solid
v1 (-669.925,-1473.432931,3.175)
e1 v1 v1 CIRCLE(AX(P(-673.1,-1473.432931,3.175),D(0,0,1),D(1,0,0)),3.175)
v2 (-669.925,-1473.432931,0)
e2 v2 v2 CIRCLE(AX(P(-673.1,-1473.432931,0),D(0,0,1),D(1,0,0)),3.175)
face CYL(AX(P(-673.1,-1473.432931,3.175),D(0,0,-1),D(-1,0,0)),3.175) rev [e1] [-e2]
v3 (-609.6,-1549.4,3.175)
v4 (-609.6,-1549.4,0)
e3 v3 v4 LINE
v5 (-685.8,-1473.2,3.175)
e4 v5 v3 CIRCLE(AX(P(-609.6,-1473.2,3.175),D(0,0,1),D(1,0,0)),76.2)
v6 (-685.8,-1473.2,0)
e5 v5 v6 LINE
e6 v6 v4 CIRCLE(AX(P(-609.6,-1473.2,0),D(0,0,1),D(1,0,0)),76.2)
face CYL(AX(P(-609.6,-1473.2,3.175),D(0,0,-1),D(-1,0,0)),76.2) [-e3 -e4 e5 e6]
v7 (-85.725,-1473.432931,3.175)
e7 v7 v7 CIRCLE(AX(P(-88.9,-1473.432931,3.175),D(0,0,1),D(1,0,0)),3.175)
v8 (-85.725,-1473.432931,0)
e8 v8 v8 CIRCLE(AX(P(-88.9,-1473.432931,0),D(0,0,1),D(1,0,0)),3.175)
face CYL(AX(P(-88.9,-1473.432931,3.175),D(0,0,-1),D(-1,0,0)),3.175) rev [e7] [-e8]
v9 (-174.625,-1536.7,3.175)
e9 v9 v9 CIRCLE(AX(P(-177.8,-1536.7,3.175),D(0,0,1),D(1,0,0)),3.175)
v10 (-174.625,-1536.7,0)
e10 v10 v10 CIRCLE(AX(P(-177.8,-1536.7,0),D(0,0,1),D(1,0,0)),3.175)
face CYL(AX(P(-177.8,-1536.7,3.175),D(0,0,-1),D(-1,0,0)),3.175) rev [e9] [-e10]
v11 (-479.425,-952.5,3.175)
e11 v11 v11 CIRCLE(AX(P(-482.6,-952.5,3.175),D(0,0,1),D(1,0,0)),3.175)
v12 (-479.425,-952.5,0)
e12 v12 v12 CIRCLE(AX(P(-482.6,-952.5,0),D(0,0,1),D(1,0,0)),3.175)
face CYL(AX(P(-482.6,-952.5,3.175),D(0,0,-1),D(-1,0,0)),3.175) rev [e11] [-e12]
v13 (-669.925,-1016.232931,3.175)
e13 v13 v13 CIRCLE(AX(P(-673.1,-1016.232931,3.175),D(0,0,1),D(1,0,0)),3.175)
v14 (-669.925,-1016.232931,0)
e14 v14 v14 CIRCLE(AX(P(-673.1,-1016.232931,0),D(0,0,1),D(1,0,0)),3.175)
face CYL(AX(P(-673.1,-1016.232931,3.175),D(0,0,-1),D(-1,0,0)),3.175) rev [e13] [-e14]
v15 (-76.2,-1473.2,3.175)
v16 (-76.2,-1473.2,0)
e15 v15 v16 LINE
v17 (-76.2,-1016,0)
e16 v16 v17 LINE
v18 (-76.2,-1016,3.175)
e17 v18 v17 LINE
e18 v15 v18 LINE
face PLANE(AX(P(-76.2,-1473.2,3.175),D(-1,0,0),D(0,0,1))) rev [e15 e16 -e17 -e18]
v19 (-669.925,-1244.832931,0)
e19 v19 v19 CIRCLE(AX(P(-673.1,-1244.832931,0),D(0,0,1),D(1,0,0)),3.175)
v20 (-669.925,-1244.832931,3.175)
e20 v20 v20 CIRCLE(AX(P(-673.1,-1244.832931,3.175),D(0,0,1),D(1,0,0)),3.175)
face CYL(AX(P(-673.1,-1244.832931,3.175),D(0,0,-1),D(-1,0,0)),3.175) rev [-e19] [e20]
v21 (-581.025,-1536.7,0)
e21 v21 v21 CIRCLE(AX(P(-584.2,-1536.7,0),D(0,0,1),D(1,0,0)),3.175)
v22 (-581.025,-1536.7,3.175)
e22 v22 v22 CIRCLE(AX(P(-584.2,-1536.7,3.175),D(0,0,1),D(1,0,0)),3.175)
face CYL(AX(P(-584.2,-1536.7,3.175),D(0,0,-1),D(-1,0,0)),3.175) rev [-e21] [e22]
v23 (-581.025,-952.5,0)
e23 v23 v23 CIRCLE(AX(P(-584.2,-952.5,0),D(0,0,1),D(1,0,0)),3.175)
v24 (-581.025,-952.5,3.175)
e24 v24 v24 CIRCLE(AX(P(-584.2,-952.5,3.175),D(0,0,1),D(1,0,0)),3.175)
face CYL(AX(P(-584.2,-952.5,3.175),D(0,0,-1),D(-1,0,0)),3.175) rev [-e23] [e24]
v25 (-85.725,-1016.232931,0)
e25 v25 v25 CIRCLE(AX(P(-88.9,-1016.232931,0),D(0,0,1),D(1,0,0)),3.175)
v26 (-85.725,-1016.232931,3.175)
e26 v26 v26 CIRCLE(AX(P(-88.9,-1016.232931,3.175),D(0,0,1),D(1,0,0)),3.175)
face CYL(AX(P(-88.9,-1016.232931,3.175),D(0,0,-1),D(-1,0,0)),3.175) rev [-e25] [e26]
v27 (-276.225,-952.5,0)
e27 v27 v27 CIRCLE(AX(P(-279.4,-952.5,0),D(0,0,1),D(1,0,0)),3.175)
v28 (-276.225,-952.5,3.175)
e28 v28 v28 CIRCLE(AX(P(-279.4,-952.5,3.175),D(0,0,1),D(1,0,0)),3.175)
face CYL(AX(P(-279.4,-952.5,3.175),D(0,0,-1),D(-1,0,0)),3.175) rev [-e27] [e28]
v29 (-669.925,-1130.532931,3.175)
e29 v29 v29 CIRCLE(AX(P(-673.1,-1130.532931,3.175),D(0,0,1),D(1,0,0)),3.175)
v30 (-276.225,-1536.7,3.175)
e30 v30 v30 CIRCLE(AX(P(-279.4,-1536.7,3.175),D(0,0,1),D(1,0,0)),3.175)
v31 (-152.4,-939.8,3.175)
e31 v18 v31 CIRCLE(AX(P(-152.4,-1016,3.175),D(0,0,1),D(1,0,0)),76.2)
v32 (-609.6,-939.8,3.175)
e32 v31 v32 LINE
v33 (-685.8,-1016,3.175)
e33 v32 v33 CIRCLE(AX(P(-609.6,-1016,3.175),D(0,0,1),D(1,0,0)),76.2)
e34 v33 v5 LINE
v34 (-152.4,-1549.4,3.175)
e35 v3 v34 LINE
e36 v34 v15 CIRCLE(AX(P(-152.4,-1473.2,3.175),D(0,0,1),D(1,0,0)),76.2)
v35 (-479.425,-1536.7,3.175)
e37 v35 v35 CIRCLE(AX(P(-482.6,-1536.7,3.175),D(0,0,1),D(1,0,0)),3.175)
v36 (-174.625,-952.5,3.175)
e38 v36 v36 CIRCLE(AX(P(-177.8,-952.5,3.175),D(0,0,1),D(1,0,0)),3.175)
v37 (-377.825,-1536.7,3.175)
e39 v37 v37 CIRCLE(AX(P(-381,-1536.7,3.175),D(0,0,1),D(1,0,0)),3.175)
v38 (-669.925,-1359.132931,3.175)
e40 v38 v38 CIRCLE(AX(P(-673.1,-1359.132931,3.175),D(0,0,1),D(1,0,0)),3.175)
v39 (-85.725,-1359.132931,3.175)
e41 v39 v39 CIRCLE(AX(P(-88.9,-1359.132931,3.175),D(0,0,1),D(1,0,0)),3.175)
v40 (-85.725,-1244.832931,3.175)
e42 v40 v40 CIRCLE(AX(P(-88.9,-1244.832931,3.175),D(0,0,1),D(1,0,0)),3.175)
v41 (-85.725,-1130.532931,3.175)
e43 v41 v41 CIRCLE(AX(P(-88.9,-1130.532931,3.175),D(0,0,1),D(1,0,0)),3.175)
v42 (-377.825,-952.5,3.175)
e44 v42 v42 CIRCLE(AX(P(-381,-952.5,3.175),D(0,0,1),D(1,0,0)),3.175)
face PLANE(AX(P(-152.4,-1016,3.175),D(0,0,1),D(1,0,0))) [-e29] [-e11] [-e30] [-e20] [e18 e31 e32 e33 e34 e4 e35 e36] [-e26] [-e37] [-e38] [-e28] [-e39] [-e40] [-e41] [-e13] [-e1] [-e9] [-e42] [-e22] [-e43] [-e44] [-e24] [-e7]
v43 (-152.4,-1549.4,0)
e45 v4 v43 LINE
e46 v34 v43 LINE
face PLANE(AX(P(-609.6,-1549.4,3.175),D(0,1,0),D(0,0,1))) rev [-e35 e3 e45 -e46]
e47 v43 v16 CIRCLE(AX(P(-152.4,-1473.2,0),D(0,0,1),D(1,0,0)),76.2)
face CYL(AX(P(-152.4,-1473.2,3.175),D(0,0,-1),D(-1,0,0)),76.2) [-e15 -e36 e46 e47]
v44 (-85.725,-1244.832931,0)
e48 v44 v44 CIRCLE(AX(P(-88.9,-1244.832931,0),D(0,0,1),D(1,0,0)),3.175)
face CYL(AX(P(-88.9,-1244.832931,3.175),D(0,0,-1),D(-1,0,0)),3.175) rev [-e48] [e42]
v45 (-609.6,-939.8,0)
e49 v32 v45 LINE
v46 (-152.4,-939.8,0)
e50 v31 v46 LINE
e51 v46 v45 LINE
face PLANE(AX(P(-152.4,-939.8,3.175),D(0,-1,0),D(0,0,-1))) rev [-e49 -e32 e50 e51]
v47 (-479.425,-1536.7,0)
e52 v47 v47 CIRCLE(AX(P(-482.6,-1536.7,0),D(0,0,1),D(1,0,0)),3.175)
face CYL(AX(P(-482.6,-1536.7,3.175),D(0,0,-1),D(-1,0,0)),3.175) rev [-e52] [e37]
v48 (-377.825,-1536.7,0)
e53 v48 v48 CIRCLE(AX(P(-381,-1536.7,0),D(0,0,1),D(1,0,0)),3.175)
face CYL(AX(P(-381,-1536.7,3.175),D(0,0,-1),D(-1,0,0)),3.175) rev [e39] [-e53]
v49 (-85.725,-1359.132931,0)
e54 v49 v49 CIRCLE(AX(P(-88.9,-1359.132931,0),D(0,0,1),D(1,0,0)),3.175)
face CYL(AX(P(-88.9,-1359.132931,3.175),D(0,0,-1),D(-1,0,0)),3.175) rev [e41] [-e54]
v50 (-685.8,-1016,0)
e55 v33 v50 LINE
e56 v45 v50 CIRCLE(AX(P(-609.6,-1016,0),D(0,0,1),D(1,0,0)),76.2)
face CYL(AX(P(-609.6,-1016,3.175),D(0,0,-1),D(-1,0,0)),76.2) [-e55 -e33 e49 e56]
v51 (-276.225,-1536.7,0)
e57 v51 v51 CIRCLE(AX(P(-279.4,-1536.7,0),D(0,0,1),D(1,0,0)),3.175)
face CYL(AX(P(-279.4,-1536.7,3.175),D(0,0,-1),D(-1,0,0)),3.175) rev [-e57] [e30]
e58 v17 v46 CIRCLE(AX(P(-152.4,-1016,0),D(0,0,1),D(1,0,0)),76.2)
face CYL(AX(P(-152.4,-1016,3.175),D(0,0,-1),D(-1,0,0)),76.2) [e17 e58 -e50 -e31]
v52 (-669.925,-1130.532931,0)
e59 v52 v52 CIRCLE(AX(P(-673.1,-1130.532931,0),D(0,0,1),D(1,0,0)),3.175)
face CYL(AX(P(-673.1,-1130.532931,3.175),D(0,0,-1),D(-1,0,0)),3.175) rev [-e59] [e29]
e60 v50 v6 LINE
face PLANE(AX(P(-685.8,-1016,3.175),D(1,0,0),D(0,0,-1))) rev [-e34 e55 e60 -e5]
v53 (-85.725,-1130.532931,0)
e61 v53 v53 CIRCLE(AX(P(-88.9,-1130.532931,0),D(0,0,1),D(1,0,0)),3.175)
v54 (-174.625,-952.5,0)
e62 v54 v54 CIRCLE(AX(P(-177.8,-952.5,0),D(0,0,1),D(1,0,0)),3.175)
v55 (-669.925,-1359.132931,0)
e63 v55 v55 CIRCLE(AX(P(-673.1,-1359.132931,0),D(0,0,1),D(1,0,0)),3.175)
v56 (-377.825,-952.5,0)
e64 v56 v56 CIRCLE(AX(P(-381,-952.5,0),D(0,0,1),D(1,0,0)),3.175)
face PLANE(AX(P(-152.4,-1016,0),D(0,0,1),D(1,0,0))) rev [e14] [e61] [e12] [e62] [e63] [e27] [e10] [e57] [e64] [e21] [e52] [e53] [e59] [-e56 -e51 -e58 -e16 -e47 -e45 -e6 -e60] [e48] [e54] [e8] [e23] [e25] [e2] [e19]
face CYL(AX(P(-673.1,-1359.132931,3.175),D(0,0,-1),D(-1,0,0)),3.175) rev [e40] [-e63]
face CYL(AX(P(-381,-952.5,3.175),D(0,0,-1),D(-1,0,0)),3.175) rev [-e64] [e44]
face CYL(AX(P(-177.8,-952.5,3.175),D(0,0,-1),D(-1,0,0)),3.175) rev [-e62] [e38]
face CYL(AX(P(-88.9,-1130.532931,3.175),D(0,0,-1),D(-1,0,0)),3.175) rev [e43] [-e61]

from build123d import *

# Parameters (mm, degrees)
MODEL_R             = 3.175
BOSS_EXTRUDE1_DEPTH = 3.175


with BuildPart() as part:
    # Model → Boss-Extrude1 (new body)
    with BuildSketch(Plane.XY):
        with BuildLine():
            Line((-152.4, -939.8), (-609.6, -939.8))
            ThreePointArc((-609.6, -939.8), (-663.481536726, -962.118463274), (-685.8, -1016))
            Line((-685.8, -1016), (-685.8, -1473.2))
            ThreePointArc((-685.8, -1473.2), (-663.481536726, -1527.081536726), (-609.6, -1549.4))
            Line((-609.6, -1549.4), (-152.4, -1549.4))
            ThreePointArc((-152.4, -1549.4), (-98.518463274, -1527.081536726), (-76.2, -1473.2))
            Line((-76.2, -1473.2), (-76.2, -1016))
            ThreePointArc((-76.2, -1016), (-98.518463274, -962.118463274), (-152.4, -939.8))
        make_face()
        with Locations((-381, -952.5)):
            Circle(MODEL_R, mode=Mode.SUBTRACT)
        with Locations((-88.9, -1473.432930672)):
            Circle(MODEL_R, mode=Mode.SUBTRACT)
        with Locations((-88.9, -1359.132930672)):
            Circle(MODEL_R, mode=Mode.SUBTRACT)
        with Locations((-88.9, -1244.832930672)):
            Circle(MODEL_R, mode=Mode.SUBTRACT)
        with Locations((-88.9, -1130.532930672)):
            Circle(MODEL_R, mode=Mode.SUBTRACT)
        with Locations((-482.6, -1536.7)):
            Circle(MODEL_R, mode=Mode.SUBTRACT)
        with Locations((-584.2, -1536.7)):
            Circle(MODEL_R, mode=Mode.SUBTRACT)
        with Locations((-673.1, -1244.832930672)):
            Circle(MODEL_R, mode=Mode.SUBTRACT)
        with Locations((-279.4, -952.5)):
            Circle(MODEL_R, mode=Mode.SUBTRACT)
        with Locations((-482.6, -952.5)):
            Circle(MODEL_R, mode=Mode.SUBTRACT)
        with Locations((-584.2, -952.5)):
            Circle(MODEL_R, mode=Mode.SUBTRACT)
        with Locations((-177.8, -952.5)):
            Circle(MODEL_R, mode=Mode.SUBTRACT)
        with Locations((-88.9, -1016.232930672)):
            Circle(MODEL_R, mode=Mode.SUBTRACT)
        with Locations((-673.1, -1016.232930672)):
            Circle(MODEL_R, mode=Mode.SUBTRACT)
        with Locations((-673.1, -1130.532930672)):
            Circle(MODEL_R, mode=Mode.SUBTRACT)
        with Locations((-673.1, -1473.432930672)):
            Circle(MODEL_R, mode=Mode.SUBTRACT)
        with Locations((-381, -1536.7)):
            Circle(MODEL_R, mode=Mode.SUBTRACT)
        with Locations((-279.4, -1536.7)):
            Circle(MODEL_R, mode=Mode.SUBTRACT)
        with Locations((-177.8, -1536.7)):
            Circle(MODEL_R, mode=Mode.SUBTRACT)
        with Locations((-673.1, -1359.132930672)):
            Circle(MODEL_R, mode=Mode.SUBTRACT)
    extrude(amount=BOSS_EXTRUDE1_DEPTH)


solid = part.part
